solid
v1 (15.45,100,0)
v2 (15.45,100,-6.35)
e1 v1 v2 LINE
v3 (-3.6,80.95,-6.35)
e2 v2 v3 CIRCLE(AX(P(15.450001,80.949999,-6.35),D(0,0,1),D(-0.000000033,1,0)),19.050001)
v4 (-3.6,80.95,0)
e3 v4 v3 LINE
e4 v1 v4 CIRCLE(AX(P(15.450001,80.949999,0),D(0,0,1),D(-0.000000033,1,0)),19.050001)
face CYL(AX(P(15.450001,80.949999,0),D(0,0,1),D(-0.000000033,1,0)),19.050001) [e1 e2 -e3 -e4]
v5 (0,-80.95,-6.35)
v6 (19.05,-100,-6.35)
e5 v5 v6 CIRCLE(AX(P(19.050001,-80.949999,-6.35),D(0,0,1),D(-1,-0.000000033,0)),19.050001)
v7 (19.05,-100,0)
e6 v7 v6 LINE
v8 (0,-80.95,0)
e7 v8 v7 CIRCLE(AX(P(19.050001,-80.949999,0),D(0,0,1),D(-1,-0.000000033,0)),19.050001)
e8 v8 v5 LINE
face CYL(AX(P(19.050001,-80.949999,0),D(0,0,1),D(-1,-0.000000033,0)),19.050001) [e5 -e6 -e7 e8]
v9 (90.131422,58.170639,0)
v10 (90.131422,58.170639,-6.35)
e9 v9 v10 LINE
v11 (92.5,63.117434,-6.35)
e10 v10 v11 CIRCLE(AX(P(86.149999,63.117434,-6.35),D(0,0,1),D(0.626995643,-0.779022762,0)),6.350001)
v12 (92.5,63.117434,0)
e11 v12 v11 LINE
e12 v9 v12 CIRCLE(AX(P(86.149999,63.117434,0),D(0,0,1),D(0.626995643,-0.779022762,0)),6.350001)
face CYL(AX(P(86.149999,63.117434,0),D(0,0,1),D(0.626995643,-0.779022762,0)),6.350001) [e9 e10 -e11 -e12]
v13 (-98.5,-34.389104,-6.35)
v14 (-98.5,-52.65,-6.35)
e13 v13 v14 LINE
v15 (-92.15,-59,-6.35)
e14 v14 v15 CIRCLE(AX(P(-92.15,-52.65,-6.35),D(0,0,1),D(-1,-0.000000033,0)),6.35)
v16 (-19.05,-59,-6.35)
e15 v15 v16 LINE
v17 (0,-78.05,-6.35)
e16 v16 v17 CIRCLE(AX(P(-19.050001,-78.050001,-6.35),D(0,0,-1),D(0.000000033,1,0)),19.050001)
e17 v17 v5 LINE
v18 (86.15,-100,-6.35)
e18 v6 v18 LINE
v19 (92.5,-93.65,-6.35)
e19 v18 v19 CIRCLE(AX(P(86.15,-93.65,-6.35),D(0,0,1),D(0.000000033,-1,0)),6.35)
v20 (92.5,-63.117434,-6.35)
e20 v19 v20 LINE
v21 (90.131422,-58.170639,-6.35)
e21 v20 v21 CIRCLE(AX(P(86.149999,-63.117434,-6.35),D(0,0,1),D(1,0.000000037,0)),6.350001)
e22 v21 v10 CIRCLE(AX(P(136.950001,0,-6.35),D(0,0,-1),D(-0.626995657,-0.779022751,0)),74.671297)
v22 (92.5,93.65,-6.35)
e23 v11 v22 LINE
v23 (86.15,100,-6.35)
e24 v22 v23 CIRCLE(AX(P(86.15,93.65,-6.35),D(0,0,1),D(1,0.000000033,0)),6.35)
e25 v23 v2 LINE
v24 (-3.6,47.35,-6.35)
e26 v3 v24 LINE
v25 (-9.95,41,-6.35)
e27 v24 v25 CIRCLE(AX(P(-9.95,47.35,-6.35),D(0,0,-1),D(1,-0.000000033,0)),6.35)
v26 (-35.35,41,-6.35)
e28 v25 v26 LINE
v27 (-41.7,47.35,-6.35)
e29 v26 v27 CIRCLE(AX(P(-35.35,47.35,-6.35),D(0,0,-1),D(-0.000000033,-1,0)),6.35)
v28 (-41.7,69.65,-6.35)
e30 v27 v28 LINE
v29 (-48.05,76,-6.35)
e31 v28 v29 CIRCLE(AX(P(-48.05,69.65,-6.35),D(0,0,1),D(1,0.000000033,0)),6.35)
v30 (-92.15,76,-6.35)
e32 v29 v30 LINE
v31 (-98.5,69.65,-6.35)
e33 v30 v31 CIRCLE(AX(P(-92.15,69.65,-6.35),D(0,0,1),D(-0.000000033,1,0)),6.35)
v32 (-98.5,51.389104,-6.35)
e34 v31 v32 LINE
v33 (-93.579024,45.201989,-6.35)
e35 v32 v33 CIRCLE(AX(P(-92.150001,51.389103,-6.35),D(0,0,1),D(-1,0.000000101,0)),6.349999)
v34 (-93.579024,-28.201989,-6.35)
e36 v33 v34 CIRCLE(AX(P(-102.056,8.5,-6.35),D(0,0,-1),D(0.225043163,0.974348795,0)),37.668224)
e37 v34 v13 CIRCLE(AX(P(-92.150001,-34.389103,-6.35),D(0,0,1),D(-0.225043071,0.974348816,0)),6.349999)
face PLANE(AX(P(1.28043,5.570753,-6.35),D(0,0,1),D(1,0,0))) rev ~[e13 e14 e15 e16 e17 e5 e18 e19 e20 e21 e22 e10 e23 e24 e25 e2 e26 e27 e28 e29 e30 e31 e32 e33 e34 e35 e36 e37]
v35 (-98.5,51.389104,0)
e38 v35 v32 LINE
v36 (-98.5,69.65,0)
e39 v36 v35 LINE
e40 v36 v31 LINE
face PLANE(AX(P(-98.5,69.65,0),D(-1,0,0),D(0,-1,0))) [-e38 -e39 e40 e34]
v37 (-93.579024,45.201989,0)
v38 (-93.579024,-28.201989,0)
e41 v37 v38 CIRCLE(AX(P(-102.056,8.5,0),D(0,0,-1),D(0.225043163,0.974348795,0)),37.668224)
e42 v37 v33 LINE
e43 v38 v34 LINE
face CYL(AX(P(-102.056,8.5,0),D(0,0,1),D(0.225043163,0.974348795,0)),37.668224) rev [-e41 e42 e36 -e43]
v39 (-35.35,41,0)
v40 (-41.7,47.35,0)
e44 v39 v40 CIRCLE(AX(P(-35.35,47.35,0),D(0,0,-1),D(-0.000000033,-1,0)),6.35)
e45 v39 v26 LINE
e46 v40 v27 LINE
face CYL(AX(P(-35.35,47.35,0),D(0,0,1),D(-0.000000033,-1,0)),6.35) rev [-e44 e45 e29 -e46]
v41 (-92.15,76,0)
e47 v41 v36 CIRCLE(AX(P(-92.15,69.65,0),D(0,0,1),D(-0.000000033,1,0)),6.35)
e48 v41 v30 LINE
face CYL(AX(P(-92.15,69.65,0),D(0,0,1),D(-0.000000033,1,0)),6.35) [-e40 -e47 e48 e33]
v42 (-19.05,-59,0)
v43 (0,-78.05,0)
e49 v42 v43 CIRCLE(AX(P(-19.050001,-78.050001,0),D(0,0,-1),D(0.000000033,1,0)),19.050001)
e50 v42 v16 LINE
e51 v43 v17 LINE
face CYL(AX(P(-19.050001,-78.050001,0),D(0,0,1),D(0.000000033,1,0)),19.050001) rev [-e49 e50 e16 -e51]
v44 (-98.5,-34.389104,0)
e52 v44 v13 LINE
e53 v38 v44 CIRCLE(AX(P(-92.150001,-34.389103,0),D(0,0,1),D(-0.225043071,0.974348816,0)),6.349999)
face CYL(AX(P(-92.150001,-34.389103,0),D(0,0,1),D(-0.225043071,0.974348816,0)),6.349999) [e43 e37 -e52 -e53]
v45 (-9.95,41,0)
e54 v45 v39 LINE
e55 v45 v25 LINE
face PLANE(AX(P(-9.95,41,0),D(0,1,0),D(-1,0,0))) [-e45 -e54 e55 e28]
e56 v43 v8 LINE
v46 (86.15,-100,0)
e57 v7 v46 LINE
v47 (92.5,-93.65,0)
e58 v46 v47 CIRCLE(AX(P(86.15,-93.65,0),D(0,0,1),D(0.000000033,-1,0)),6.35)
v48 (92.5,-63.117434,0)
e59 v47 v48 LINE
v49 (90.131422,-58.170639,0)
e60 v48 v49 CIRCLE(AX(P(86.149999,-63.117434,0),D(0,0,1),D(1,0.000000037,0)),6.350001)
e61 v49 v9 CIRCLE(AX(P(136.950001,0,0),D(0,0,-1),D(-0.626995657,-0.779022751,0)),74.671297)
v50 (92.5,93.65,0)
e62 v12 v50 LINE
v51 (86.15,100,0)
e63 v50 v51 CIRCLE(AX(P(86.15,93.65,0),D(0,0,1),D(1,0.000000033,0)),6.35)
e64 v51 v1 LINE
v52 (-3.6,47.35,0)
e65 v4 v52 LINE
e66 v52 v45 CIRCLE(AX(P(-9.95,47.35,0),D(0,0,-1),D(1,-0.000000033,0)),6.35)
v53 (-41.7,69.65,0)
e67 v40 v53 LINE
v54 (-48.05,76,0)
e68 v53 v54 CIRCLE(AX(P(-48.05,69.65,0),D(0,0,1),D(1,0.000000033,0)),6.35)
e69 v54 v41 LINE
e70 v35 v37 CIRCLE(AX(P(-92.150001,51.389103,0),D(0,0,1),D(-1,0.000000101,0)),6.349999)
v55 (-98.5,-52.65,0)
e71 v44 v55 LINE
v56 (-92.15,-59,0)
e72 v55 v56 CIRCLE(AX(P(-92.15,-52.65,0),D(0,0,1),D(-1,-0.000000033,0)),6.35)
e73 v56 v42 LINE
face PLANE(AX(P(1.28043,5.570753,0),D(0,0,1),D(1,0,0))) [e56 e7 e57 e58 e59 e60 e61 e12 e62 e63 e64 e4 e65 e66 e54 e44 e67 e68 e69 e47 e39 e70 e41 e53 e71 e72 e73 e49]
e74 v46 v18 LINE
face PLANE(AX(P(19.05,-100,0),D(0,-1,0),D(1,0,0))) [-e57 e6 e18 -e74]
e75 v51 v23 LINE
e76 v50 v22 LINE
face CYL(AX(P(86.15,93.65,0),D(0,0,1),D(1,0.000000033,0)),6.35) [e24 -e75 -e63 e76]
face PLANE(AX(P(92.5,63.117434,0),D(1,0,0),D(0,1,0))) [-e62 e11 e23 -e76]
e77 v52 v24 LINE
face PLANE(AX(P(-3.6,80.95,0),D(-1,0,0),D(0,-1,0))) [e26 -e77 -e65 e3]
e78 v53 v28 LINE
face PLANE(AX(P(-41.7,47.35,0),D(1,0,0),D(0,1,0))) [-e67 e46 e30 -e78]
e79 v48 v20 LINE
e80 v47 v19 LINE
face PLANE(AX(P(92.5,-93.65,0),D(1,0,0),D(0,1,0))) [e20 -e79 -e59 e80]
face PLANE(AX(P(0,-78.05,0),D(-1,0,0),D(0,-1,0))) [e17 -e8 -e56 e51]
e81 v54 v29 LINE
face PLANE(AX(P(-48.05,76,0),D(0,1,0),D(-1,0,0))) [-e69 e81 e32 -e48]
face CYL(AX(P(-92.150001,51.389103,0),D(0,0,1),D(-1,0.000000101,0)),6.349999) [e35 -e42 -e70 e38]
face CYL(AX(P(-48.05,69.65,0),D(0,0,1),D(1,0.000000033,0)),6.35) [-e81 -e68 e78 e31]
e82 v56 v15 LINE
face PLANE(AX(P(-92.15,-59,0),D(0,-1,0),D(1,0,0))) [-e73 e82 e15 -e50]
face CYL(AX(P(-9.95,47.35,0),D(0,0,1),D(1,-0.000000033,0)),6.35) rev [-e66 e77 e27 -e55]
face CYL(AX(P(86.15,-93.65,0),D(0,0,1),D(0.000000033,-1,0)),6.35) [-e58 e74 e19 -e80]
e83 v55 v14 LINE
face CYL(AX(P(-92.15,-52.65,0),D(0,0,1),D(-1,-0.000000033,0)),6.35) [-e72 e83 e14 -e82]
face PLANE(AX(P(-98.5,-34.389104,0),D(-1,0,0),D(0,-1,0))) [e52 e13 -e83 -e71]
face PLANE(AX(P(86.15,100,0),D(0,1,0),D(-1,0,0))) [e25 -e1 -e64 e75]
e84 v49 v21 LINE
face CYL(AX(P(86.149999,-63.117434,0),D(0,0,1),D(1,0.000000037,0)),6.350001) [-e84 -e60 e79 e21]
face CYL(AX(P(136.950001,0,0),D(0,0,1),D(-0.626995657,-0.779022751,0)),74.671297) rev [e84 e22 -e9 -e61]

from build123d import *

# Parameters (mm, degrees)
F1_DEPTH = 6.35


with BuildPart() as f1:
    # F0 (on Top) → F1 (new body)
    with BuildSketch(Plane.XY):
        with BuildLine():
            ThreePointArc((-98.5, -52.65), (-96.640128, -57.140128), (-92.15, -59))
            Line((-92.15, -59), (-19.05, -59))
            ThreePointArc((-19.05, -59), (-5.579616, -64.579616), (0, -78.05))
            Line((0, -78.05), (0, -80.95))
            ThreePointArc((0, -80.95), (5.579616, -94.420384), (19.05, -100))
            Line((19.05, -100), (86.15, -100))
            ThreePointArc((86.15, -100), (90.640128, -98.140128), (92.5, -93.65))
            Line((92.5, -93.65), (92.5, -63.117434))
            ThreePointArc((92.5, -63.117434), (91.877326, -60.375129), (90.131422, -58.170639))
            ThreePointArc((90.131422, -58.170639), (62.278704, 0), (90.131422, 58.170639))
            ThreePointArc((90.131422, 58.170639), (91.877326, 60.375129), (92.5, 63.117434))
            Line((92.5, 63.117434), (92.5, 93.65))
            ThreePointArc((92.5, 93.65), (90.640128, 98.140128), (86.15, 100))
            Line((86.15, 100), (15.45, 100))
            ThreePointArc((15.45, 100), (1.979616, 94.420384), (-3.6, 80.95))
            Line((-3.6, 80.95), (-3.6, 76))
            Line((-3.6, 76), (-3.6, 47.35))
            ThreePointArc((-3.6, 47.35), (-5.459872, 42.859872), (-9.95, 41))
            Line((-9.95, 41), (-35.35, 41))
            ThreePointArc((-35.35, 41), (-39.840128, 42.859872), (-41.7, 47.35))
            Line((-41.7, 47.35), (-41.7, 69.65))
            ThreePointArc((-41.7, 69.65), (-43.559872, 74.140128), (-48.05, 76))
            Line((-48.05, 76), (-92.15, 76))
            ThreePointArc((-92.15, 76), (-96.640128, 74.140128), (-98.5, 69.65))
            Line((-98.5, 69.65), (-98.5, 51.389104))
            ThreePointArc((-98.5, 51.389104), (-97.119749, 47.436371), (-93.579024, 45.201989))
            ThreePointArc((-93.579024, 45.201989), (-64.387776, 8.5), (-93.579024, -28.201989))
            ThreePointArc((-93.579024, -28.201989), (-97.119749, -30.436371), (-98.5, -34.389104))
            Line((-98.5, -34.389104), (-98.5, -52.65))
        make_face()
    extrude(amount=-F1_DEPTH)


solid = f1.part
